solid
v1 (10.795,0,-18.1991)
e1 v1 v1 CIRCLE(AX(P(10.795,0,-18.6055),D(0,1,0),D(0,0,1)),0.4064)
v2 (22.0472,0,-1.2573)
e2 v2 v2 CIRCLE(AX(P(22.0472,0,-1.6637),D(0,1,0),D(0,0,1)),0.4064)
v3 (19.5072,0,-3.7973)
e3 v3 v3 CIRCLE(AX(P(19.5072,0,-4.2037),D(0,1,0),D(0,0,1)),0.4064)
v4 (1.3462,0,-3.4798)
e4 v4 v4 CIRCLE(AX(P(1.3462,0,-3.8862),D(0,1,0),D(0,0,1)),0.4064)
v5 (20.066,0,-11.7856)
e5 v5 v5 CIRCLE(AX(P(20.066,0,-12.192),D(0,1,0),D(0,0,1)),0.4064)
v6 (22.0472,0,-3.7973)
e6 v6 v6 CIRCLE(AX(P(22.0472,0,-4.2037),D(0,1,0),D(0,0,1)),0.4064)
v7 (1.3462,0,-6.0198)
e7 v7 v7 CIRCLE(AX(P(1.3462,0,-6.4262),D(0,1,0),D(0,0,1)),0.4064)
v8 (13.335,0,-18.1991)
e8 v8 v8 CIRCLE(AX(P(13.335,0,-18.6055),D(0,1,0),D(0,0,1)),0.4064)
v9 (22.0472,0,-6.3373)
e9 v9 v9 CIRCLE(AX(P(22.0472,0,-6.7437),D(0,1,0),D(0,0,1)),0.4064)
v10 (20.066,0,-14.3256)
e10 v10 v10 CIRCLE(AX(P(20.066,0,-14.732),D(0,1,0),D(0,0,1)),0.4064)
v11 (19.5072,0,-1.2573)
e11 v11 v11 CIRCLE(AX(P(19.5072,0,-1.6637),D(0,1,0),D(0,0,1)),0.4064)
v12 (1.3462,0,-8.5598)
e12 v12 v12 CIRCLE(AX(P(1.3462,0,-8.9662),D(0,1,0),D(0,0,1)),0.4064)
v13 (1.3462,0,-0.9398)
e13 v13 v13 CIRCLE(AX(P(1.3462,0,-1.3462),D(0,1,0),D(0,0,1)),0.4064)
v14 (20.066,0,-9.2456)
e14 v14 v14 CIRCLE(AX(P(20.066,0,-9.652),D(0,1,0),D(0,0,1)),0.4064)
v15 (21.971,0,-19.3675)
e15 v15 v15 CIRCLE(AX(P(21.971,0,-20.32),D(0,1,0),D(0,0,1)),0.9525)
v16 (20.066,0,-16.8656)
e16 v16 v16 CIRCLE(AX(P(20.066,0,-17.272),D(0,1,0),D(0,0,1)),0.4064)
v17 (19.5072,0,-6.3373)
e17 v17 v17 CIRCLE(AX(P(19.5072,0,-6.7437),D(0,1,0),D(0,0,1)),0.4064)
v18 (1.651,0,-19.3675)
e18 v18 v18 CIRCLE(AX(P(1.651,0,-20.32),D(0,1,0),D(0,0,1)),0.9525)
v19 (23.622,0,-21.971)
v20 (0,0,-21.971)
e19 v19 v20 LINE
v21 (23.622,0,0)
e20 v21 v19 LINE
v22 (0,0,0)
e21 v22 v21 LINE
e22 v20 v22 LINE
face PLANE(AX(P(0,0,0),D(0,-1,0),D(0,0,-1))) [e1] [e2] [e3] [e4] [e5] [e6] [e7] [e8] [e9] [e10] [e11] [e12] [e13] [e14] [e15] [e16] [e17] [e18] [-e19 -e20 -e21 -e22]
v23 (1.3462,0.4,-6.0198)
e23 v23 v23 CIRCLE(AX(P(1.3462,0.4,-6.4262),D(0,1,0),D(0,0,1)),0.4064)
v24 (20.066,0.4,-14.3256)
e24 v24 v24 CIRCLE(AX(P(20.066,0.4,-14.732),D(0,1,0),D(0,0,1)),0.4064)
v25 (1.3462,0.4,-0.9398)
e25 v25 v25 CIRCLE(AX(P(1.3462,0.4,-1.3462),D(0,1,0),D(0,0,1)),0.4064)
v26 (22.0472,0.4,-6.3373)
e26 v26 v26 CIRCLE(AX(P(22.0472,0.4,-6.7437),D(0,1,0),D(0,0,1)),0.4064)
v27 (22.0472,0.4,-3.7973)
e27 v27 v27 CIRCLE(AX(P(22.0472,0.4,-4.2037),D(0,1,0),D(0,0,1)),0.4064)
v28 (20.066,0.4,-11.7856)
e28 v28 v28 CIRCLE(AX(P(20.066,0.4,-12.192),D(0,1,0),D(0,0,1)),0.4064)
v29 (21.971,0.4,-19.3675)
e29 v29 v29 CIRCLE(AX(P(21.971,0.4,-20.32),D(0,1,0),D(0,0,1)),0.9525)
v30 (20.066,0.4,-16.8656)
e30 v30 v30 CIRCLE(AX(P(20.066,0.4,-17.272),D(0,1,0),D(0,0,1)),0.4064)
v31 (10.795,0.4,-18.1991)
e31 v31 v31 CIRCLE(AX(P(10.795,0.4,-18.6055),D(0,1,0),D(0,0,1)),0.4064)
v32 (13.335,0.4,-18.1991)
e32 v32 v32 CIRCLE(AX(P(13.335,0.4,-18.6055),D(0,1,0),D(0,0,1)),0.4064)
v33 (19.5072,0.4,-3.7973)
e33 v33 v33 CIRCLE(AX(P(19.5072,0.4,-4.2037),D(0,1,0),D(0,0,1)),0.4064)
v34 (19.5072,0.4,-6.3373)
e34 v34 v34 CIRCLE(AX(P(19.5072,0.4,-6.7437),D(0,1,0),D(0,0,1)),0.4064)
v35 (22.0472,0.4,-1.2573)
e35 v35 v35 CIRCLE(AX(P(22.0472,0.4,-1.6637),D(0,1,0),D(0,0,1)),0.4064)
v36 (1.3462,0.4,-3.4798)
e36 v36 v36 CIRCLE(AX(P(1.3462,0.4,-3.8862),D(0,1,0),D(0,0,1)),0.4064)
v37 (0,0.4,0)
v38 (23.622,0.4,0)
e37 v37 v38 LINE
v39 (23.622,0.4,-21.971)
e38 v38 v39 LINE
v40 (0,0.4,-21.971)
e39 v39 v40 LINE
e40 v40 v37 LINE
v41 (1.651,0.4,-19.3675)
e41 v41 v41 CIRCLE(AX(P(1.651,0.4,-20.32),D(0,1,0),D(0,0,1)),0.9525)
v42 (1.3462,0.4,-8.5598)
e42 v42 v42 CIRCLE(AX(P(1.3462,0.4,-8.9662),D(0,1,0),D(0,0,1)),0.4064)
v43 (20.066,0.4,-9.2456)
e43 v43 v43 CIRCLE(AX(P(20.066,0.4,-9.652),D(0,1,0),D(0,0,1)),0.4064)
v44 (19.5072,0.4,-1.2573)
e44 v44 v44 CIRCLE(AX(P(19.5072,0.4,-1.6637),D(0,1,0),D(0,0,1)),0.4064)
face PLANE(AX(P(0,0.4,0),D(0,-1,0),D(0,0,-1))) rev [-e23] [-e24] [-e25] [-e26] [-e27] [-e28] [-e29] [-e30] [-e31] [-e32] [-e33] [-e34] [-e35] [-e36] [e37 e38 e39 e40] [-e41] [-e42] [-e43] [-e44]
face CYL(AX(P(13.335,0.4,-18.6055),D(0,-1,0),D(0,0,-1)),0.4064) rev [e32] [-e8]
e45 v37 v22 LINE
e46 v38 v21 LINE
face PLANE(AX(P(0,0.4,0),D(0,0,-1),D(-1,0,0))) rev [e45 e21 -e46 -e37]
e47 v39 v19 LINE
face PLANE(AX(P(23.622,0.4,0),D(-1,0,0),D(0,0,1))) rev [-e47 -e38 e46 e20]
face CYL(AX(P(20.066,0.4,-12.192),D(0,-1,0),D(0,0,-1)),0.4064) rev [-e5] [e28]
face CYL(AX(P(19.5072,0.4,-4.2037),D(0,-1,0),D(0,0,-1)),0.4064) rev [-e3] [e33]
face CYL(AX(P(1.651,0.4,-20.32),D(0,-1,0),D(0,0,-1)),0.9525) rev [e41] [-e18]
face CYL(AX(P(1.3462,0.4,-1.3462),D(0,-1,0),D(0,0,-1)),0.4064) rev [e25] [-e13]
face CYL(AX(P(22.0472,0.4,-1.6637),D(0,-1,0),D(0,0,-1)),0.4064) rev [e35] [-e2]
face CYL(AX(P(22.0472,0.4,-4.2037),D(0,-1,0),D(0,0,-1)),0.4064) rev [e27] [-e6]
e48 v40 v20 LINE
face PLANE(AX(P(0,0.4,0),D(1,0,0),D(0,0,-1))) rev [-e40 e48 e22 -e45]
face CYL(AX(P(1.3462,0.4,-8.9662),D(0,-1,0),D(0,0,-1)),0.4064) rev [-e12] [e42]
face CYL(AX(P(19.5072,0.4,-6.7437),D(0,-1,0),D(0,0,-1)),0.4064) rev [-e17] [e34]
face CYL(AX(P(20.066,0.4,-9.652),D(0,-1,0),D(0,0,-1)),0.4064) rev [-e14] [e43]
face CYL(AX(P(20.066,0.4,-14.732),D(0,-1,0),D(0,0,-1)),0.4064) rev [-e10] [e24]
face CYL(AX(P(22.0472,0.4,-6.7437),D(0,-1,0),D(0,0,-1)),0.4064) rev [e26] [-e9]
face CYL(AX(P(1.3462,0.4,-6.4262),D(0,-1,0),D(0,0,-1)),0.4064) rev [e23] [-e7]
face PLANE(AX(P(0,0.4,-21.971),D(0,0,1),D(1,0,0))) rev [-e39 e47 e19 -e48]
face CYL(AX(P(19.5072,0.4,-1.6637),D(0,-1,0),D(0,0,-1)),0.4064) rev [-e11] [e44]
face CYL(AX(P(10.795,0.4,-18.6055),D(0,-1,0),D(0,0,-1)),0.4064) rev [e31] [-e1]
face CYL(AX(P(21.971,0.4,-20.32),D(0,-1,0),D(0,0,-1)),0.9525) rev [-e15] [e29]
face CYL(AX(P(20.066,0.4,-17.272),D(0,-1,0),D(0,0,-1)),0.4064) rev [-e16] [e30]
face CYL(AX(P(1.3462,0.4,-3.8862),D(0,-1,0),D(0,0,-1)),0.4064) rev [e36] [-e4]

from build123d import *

# Parameters (mm, degrees)
SKETCH1_W           = 23.622
SKETCH1_H           = 21.971
SKETCH1_R           = 0.9525
SKETCH1_R_2         = 0.4064
BOSS_EXTRUDE1_DEPTH = 0.4


with BuildPart() as part:
    # Sketch1 → Boss-Extrude1 (new body)
    with BuildSketch(Plane(origin=(0, 0, 0), x_dir=(1, 0, 0), z_dir=(0, 1, 0))):
        with Locations((11.811, 10.9855)):
            Rectangle(SKETCH1_W, SKETCH1_H)
        with Locations(Location((1.651, 20.32, 0), (0, 0, 270))):
            Circle(SKETCH1_R, mode=Mode.SUBTRACT)
        with Locations(Location((21.971, 20.32, 0), (0, 0, 270))):
            Circle(SKETCH1_R, mode=Mode.SUBTRACT)
        with Locations(Location((13.335, 18.6055, 0), (0, 0, 270))):
            Circle(SKETCH1_R_2, mode=Mode.SUBTRACT)
        with Locations(Location((10.795, 18.6055, 0), (0, 0, 270))):
            Circle(SKETCH1_R_2, mode=Mode.SUBTRACT)
        with Locations(Location((1.3462, 8.9662, 0), (0, 0, 270))):
            Circle(SKETCH1_R_2, mode=Mode.SUBTRACT)
        with Locations(Location((1.3462, 6.4262, 0), (0, 0, 270))):
            Circle(SKETCH1_R_2, mode=Mode.SUBTRACT)
        with Locations(Location((1.3462, 3.8862, 0), (0, 0, 270))):
            Circle(SKETCH1_R_2, mode=Mode.SUBTRACT)
        with Locations(Location((1.3462, 1.3462, 0), (0, 0, 270))):
            Circle(SKETCH1_R_2, mode=Mode.SUBTRACT)
        with Locations(Location((22.0472, 1.6637, 0), (0, 0, 270))):
            Circle(SKETCH1_R_2, mode=Mode.SUBTRACT)
        with Locations(Location((19.5072, 1.6637, 0), (0, 0, 270))):
            Circle(SKETCH1_R_2, mode=Mode.SUBTRACT)
        with Locations(Location((19.5072, 4.2037, 0), (0, 0, 270))):
            Circle(SKETCH1_R_2, mode=Mode.SUBTRACT)
        with Locations(Location((19.5072, 6.7437, 0), (0, 0, 270))):
            Circle(SKETCH1_R_2, mode=Mode.SUBTRACT)
        with Locations(Location((22.0472, 4.2037, 0), (0, 0, 270))):
            Circle(SKETCH1_R_2, mode=Mode.SUBTRACT)
        with Locations(Location((22.0472, 6.7437, 0), (0, 0, 270))):
            Circle(SKETCH1_R_2, mode=Mode.SUBTRACT)
        with Locations(Location((20.066, 9.652, 0), (0, 0, 270))):
            Circle(SKETCH1_R_2, mode=Mode.SUBTRACT)
        with Locations(Location((20.066, 12.192, 0), (0, 0, 270))):
            Circle(SKETCH1_R_2, mode=Mode.SUBTRACT)
        with Locations(Location((20.066, 14.732, 0), (0, 0, 270))):
            Circle(SKETCH1_R_2, mode=Mode.SUBTRACT)
        with Locations(Location((20.066, 17.272, 0), (0, 0, 270))):
            Circle(SKETCH1_R_2, mode=Mode.SUBTRACT)
    extrude(amount=BOSS_EXTRUDE1_DEPTH)


solid = part.part
